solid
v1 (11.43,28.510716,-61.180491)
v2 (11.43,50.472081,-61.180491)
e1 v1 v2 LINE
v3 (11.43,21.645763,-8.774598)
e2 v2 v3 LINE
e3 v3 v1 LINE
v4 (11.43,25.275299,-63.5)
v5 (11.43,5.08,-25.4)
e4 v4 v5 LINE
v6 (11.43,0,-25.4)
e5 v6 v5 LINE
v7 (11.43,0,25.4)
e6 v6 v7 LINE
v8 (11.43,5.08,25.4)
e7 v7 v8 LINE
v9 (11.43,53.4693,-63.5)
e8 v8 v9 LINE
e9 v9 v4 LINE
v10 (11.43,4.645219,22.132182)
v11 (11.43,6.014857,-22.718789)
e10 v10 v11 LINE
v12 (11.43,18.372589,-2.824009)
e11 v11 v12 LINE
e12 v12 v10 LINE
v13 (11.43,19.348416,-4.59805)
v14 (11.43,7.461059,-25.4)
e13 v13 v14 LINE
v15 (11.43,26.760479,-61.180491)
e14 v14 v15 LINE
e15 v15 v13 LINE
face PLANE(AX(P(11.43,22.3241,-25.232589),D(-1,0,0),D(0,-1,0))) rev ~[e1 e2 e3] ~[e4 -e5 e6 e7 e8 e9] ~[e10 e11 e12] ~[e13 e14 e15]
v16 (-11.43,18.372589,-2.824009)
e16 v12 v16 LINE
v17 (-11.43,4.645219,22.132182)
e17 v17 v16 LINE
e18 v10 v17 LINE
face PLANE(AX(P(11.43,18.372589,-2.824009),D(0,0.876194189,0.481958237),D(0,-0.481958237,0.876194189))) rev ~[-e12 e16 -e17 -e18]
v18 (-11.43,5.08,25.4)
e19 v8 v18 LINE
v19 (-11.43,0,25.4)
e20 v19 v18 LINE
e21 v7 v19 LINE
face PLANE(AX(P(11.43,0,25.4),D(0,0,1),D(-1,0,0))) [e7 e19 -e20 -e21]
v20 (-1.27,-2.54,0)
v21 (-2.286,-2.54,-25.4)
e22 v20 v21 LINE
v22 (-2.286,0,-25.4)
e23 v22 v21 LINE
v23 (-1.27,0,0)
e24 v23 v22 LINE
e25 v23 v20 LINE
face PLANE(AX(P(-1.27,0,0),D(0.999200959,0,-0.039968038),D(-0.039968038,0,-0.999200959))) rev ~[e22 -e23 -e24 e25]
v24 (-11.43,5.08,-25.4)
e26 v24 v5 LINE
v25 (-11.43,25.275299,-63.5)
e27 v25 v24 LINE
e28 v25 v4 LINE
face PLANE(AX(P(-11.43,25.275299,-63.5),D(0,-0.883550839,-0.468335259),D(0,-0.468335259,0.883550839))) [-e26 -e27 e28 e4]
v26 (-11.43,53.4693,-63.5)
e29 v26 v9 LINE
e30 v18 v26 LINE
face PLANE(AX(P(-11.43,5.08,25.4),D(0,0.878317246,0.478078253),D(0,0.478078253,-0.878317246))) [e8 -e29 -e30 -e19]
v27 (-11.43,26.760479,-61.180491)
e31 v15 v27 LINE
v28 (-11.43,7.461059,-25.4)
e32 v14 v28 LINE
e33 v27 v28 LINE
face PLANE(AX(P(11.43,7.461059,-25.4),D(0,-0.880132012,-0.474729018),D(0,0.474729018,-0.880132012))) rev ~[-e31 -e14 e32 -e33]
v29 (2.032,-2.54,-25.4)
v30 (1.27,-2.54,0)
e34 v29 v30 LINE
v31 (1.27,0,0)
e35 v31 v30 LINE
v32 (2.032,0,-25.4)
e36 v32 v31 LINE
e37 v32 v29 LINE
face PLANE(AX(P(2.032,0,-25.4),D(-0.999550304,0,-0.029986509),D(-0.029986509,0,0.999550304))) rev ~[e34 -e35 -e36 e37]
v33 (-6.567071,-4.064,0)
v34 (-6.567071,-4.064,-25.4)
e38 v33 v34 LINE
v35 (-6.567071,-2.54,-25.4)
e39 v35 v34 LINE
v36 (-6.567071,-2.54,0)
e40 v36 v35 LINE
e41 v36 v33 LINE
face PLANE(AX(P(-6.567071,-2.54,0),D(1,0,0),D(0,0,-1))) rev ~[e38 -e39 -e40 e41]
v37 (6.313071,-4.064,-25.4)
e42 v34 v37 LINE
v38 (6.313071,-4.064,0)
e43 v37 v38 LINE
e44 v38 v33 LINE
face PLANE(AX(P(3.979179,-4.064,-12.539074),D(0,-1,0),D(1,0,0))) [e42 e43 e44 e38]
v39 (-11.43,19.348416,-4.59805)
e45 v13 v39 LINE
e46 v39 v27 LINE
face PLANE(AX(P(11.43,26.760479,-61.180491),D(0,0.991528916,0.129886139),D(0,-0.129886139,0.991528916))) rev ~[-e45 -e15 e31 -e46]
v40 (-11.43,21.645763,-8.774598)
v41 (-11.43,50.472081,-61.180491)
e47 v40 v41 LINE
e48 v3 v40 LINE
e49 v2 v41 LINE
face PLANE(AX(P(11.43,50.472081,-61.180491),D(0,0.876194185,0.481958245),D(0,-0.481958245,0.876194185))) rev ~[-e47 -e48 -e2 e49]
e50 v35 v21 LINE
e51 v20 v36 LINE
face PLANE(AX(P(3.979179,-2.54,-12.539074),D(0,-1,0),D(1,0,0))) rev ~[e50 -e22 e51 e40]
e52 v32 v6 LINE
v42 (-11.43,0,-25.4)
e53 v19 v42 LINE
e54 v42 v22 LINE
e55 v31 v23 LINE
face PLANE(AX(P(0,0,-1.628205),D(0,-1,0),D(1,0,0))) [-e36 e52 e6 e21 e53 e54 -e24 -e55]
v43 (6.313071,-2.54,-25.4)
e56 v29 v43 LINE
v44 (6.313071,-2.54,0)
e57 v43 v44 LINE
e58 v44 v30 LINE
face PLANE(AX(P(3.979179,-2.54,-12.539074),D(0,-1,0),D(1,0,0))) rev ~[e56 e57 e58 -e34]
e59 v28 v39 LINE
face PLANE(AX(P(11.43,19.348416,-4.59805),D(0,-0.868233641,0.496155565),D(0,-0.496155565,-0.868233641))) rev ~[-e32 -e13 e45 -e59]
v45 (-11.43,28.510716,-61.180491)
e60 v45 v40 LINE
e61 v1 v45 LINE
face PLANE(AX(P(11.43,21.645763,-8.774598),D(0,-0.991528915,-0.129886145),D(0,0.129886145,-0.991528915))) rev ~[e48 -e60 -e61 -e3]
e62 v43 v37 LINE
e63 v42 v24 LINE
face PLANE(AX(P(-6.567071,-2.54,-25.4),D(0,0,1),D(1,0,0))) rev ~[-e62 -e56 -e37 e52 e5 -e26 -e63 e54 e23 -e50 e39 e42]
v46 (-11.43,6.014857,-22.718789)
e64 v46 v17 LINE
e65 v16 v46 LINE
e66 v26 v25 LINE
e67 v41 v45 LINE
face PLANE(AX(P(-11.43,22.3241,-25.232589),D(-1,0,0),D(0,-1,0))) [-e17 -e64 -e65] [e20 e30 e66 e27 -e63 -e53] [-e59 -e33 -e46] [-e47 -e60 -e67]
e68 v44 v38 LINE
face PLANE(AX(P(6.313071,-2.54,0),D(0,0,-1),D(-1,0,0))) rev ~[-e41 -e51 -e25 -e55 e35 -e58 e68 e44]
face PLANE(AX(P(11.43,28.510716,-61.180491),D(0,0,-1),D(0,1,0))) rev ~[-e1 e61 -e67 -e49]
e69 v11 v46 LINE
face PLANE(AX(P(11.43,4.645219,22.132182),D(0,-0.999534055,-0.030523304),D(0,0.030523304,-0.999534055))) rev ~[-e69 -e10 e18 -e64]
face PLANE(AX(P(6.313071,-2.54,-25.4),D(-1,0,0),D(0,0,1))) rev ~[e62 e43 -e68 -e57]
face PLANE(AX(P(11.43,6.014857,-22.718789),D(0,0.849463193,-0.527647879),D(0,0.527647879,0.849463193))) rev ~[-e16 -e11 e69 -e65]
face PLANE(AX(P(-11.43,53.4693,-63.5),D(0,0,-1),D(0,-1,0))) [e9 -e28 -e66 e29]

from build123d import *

# Parameters (mm, degrees)
F1_DEPTH = 5.08
F2_DEPTH = 2.54
F4_DEPTH = 1.524
F6_DEPTH = 22.86
F8_DEPTH = 25.4


with BuildPart() as f1:
    # F0 (on Front) → F1 (new body)
    with BuildSketch(Plane.XZ):
        Polygon((11.43, 25.4), (-11.43, 25.4), (-11.43, -25.4), (-6.35, -25.4), (-6.35, 0), (-1.27, 0), (1.27, 0), (6.35, 0), (6.35, -25.4), (11.43, -25.4), align=None)
        Polygon((-6.35, 0), (-6.35, -25.4), (-2.286, -25.4), (-1.27, 0), align=None)
        Polygon((-1.27, 0), (-2.286, -25.4), (2.032, -25.4), (1.27, 0), align=None)
        Polygon((2.032, -25.4), (6.35, -25.4), (6.35, 0), (1.27, 0), align=None)
    extrude(amount=-F1_DEPTH)

    # F0 (on Front) → F2 (join)
    with BuildSketch(Plane.XZ):
        Polygon((-1.27, 0), (-2.286, -25.4), (2.032, -25.4), (1.27, 0), align=None)
    extrude(amount=F2_DEPTH)

    # F3 (on face) → F4 (join)
    with BuildSketch(Plane.XZ.offset(2.54)):
        Polygon((6.313071, 0), (1.27, 0), (2.032, -25.4), (6.313071, -25.4), align=None)
        Polygon((1.27, 0), (-1.27, 0), (-2.286, -25.4), (2.032, -25.4), align=None)
        Polygon((-1.27, 0), (-6.567071, 0), (-6.567071, -25.4), (-2.286, -25.4), align=None)
    extrude(amount=F4_DEPTH)

    # F5 (on face) → F6 (join, through all)
    with BuildSketch(Plane(origin=(-11.43, 0, 0), x_dir=(0, -1, 0), z_dir=(-1, 0, 0))):
        Polygon((-5.08, -25.4), (-5.08, 25.4), (-53.4693, -63.5), (-25.275299, -63.5), align=None)
    extrude(amount=-F6_DEPTH)

    # F7 (on face) → F8 (cut)
    with BuildSketch(Plane.YZ.offset(11.43)):
        Polygon((18.372589, -2.824009), (4.645219, 22.132182), (6.014857, -22.718789), align=None)
        Polygon((7.461059, -25.4), (26.760479, -61.180491), (19.348416, -4.59805), align=None)
        Polygon((28.510716, -61.180491), (50.472081, -61.180491), (21.645763, -8.774598), align=None)
    extrude(amount=-F8_DEPTH, mode=Mode.SUBTRACT)


solid = f1.part
